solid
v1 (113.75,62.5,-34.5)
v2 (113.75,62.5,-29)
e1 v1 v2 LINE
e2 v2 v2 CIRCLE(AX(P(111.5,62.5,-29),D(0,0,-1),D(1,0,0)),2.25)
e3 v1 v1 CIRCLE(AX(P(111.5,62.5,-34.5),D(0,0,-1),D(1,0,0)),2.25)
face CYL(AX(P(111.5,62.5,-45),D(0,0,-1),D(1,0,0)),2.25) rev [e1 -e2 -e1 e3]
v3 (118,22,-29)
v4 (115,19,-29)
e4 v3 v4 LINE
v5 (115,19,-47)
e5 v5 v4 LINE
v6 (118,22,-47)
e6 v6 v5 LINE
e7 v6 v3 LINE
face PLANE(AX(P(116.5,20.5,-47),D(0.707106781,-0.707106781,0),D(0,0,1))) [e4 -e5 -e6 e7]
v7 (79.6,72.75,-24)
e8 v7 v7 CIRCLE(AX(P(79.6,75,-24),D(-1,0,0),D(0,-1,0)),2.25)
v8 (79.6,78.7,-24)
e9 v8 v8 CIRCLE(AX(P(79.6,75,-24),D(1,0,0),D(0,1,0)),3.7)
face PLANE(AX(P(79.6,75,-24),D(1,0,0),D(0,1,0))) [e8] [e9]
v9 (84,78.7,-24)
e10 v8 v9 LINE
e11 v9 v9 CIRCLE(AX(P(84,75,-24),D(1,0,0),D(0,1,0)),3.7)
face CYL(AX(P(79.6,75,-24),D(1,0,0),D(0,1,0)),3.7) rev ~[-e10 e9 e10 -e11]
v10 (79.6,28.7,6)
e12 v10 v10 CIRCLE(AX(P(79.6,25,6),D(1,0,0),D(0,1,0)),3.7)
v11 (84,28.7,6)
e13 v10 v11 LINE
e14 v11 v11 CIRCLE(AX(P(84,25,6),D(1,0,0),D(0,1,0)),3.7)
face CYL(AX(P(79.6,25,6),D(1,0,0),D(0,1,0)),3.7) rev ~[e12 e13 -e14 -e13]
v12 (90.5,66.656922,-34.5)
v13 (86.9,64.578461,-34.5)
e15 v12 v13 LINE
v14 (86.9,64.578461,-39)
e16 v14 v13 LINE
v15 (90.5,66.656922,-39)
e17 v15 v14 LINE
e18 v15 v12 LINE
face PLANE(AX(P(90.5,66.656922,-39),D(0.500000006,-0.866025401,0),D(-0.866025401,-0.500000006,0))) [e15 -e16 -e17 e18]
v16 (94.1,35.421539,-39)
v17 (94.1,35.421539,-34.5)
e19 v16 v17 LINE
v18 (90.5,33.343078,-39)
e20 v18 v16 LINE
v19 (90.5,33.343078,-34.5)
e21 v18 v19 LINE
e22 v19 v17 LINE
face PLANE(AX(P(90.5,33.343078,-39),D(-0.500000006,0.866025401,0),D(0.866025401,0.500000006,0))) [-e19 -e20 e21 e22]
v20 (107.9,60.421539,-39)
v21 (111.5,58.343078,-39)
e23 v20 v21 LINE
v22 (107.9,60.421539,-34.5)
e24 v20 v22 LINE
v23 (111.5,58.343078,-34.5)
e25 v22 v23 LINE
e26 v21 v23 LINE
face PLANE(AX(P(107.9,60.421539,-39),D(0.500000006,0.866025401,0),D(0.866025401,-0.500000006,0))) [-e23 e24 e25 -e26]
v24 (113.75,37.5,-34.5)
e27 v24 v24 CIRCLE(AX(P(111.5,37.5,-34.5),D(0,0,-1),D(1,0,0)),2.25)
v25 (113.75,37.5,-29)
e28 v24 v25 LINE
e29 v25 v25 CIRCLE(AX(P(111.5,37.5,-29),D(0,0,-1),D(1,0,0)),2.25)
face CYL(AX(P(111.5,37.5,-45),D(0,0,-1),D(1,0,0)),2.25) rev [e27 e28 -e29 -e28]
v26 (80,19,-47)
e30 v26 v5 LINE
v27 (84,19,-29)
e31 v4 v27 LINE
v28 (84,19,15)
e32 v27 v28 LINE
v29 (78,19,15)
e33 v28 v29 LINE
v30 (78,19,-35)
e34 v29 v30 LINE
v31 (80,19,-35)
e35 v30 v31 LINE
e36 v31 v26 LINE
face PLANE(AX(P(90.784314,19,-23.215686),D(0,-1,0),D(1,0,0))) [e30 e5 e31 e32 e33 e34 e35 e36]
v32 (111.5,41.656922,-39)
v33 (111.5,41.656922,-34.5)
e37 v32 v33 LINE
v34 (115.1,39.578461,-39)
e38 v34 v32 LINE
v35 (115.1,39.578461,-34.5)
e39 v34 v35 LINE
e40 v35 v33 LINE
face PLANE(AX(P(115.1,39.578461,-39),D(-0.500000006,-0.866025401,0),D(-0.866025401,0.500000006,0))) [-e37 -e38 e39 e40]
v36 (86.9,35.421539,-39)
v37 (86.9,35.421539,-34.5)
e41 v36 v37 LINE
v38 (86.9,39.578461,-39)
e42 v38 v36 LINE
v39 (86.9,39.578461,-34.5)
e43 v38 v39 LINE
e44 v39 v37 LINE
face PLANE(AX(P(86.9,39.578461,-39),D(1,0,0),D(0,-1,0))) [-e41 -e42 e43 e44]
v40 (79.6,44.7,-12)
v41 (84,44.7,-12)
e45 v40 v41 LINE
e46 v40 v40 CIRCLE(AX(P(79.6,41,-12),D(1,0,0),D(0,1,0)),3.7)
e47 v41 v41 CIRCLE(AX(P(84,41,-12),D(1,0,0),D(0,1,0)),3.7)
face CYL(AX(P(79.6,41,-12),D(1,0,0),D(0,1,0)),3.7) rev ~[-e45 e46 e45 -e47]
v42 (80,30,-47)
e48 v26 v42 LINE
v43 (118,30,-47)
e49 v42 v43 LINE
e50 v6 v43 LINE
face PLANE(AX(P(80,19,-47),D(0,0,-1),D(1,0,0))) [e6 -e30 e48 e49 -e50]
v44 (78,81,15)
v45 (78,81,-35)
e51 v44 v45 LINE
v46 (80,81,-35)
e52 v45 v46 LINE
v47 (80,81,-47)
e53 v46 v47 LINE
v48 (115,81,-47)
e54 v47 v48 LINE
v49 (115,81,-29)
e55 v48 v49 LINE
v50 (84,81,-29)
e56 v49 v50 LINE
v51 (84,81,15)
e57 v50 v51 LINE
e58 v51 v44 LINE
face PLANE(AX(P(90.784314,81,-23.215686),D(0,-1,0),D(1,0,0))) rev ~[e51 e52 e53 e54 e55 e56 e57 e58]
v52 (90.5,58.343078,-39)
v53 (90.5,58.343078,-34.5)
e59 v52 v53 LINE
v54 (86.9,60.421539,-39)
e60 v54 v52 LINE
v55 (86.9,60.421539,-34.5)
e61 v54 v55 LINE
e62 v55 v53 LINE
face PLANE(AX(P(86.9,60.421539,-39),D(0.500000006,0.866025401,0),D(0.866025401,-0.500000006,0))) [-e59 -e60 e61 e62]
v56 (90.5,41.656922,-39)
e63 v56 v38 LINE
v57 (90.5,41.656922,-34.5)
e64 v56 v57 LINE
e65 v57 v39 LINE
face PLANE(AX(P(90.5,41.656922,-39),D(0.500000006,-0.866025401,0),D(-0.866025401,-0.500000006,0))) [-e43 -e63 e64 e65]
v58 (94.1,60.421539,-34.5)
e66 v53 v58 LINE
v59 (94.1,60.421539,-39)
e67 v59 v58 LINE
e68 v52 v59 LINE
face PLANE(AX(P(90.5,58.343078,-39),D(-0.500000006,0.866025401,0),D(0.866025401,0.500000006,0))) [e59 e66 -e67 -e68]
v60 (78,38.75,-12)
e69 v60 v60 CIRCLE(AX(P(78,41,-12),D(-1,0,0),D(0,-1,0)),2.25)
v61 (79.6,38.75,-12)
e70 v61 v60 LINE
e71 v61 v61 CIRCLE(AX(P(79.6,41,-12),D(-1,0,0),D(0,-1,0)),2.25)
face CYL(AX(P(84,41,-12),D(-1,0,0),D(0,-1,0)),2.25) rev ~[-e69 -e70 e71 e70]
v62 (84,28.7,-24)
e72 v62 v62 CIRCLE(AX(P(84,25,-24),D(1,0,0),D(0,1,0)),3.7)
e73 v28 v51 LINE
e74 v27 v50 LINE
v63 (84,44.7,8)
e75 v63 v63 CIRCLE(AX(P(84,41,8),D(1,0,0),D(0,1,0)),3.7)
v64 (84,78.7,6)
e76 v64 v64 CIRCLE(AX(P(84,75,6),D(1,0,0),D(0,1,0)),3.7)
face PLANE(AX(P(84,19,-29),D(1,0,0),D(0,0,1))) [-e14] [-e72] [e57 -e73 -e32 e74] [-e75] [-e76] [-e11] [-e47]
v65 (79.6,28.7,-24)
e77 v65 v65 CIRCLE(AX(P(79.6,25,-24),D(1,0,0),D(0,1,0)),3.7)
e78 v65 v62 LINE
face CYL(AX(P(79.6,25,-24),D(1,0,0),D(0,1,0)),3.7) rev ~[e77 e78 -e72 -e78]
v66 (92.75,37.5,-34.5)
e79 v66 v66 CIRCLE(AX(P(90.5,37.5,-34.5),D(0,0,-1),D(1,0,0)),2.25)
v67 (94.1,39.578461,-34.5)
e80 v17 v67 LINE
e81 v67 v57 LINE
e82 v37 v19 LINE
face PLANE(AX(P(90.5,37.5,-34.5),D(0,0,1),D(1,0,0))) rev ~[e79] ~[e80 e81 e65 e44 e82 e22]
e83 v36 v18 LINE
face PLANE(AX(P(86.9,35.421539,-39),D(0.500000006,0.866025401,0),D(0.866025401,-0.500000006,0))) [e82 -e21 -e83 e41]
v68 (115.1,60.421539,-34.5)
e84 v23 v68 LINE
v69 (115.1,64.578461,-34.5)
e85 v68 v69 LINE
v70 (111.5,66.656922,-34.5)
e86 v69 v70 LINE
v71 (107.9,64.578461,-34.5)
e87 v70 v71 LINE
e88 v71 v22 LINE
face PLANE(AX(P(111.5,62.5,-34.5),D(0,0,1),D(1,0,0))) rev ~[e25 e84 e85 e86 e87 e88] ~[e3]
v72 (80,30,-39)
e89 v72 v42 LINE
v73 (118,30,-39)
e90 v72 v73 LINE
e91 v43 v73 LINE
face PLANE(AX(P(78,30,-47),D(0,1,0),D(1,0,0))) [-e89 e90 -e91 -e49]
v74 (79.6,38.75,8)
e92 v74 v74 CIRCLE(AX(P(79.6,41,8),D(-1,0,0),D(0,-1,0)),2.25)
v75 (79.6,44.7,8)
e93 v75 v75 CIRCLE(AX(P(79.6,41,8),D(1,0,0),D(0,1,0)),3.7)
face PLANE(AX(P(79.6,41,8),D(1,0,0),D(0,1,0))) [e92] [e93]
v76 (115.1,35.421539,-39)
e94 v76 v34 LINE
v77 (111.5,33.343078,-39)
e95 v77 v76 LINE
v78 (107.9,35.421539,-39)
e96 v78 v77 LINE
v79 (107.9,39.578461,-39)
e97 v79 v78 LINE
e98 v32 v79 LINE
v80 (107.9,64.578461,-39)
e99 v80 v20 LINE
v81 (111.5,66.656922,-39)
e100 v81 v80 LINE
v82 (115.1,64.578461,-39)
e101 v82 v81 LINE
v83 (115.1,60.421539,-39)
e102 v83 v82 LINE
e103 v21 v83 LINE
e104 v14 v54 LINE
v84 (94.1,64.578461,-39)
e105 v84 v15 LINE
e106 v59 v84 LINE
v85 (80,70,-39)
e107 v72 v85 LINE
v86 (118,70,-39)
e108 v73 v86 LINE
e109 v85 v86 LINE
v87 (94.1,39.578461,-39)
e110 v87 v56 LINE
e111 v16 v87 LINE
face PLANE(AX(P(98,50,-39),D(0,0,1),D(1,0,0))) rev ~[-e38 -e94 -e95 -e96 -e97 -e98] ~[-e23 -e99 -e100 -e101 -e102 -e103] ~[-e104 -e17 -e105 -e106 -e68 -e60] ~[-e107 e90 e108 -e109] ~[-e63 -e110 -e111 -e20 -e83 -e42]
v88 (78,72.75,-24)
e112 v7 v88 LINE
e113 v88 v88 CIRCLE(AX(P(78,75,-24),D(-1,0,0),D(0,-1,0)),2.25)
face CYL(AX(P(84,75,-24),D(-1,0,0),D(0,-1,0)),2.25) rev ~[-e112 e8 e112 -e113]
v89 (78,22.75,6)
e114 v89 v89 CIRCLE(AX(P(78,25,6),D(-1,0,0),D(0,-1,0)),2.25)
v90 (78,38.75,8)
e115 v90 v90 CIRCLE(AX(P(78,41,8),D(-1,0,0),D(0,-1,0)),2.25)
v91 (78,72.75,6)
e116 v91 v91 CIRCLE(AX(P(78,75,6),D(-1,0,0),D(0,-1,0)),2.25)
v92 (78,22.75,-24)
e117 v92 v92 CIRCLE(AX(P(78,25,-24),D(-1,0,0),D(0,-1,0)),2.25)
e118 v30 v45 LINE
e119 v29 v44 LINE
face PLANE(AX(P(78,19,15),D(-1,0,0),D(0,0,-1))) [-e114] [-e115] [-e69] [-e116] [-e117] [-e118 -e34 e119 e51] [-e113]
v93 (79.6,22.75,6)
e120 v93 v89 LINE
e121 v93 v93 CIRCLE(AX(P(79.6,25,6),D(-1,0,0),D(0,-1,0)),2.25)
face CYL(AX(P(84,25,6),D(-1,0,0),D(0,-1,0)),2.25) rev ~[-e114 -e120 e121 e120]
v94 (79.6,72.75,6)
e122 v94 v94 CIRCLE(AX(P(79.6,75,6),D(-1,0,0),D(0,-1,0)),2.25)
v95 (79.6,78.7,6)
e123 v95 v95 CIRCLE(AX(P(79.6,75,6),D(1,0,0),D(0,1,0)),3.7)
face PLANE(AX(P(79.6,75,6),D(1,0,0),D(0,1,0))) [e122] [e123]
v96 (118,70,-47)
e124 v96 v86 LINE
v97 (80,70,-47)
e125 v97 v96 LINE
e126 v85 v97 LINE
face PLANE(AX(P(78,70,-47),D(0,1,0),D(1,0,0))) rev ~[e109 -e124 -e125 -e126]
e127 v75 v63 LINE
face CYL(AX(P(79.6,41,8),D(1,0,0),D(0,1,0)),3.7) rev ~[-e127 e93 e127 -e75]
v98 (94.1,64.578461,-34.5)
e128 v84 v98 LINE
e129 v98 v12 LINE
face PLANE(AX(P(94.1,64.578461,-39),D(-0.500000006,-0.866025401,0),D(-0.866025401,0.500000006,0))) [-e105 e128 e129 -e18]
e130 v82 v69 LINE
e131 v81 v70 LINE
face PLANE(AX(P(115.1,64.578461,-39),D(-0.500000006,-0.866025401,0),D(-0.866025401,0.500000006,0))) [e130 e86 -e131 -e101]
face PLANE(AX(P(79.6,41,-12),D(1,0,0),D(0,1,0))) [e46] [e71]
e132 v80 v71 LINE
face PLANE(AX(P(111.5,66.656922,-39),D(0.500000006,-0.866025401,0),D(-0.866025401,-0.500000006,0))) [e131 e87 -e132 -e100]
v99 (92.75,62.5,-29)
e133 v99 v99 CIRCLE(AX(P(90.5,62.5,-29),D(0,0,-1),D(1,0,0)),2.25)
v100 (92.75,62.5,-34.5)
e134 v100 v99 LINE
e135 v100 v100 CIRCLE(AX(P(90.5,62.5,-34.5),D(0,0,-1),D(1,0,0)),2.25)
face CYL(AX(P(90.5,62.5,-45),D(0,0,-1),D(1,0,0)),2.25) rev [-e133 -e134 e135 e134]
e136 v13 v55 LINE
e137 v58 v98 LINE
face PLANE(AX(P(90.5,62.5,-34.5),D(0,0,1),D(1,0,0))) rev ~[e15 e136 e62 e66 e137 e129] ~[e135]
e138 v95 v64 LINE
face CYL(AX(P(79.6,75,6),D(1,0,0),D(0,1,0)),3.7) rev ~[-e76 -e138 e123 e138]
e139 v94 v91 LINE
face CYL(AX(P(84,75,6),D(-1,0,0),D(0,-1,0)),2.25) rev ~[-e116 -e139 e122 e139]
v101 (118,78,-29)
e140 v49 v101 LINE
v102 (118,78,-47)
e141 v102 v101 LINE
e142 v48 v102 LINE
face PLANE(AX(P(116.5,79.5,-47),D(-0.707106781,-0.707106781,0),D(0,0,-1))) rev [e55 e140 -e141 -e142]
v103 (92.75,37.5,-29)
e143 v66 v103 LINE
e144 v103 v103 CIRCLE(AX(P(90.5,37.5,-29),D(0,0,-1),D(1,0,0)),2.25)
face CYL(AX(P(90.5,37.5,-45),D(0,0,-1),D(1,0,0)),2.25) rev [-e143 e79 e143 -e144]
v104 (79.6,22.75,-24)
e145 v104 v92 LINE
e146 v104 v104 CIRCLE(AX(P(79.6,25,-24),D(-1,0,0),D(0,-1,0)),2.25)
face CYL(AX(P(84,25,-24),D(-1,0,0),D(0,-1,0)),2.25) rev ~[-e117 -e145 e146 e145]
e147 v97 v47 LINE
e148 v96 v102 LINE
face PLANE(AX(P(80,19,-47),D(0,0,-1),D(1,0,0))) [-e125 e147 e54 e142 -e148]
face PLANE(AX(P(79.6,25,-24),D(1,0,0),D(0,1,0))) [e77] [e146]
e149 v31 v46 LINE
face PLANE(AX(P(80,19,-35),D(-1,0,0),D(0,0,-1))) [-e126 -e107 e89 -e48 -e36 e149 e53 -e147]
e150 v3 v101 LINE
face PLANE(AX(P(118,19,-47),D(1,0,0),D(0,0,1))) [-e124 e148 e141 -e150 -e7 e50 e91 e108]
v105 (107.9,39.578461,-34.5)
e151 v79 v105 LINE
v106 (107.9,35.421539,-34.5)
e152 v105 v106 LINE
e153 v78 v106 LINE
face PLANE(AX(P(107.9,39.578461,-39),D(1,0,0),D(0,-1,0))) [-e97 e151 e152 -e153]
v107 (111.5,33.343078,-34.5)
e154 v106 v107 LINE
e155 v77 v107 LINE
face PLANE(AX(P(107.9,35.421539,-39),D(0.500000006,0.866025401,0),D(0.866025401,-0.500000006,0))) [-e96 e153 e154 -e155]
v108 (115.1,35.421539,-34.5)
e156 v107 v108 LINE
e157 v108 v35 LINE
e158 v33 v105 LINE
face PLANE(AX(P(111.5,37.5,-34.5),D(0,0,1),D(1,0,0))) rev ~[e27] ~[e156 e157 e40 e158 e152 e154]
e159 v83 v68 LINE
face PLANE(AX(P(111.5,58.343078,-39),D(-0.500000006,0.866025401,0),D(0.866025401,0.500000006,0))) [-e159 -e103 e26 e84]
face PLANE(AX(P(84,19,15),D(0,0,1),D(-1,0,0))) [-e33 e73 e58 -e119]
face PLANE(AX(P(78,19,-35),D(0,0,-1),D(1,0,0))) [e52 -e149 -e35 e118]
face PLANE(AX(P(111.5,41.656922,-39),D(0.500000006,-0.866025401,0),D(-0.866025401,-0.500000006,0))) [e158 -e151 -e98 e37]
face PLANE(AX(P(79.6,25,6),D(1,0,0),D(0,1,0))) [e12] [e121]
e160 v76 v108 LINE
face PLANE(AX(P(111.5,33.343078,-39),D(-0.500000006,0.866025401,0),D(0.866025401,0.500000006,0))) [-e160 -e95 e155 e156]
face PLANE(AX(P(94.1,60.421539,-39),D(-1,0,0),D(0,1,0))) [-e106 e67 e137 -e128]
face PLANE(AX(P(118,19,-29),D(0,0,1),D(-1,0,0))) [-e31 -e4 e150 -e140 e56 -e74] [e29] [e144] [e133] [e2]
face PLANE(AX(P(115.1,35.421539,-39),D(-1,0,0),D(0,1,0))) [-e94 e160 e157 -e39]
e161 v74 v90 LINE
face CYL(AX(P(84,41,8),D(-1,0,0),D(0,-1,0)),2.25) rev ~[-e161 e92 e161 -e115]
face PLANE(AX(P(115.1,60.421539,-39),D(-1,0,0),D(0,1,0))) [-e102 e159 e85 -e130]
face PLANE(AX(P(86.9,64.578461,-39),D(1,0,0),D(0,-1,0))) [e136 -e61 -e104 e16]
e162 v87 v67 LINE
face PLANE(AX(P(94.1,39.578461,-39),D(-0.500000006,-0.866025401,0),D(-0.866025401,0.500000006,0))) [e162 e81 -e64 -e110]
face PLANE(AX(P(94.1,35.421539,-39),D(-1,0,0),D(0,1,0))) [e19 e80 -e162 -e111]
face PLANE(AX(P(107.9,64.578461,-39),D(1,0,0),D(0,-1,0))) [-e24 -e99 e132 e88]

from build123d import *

# Parameters (mm, degrees)
PAD_DEPTH        = 62
HOLE_D           = 4.5
HOLE_DEPTH       = 25
HOLE_CBORE_D     = 7.4
HOLE_CBORE_DEPTH = 4.4
SKETCH069_R      = 2.25
HOLE006_DEPTH    = 60.001
POCKET022_DEPTH  = 4.5
SKETCH071_W      = 40
SKETCH071_H      = 40
POCKET023_DEPTH  = 8
CHAMFER_SIZE     = 3
CHAMFER018_SIZE  = 3


with BuildPart() as part:
    # Sketch → Pad (new body)
    with BuildSketch(Plane.XZ.offset(-19)):
        Polygon((76, 15), (76, -35), (78, -35), (78, -47), (116, -47), (116, -29), (82, -29), (82, 15), align=None)
    extrude(amount=-PAD_DEPTH)

    # Hole
    with Locations(Plane.YZ.offset(82)):
        with Locations((25, -24), (25, 6), (41, 8), (41, -12), (75, 6), (75, -24)):
            CounterBoreHole(HOLE_D / 2, HOLE_CBORE_D / 2, HOLE_CBORE_DEPTH, depth=HOLE_DEPTH)

    # Sketch069 → Hole006 (cut, through all)
    with BuildSketch(Plane.XY.offset(-45)):
        with Locations((88.5, 62.5)):
            Circle(SKETCH069_R)
        with Locations((109.5, 37.5)):
            Circle(SKETCH069_R)
        with Locations((109.5, 62.5)):
            Circle(SKETCH069_R)
        with Locations((88.5, 37.5)):
            Circle(SKETCH069_R)
    extrude(amount=HOLE006_DEPTH, mode=Mode.SUBTRACT)

    # Sketch070 → Pocket022 (cut)
    with BuildSketch(Plane.XY.offset(-39)):
        Polygon((92.1, 64.578461), (88.5, 66.656922), (84.9, 64.578461), (84.9, 60.421539), (88.5, 58.343078), (92.1, 60.421539), align=None)
        Polygon((113.1, 64.578461), (109.5, 66.656922), (105.9, 64.578461), (105.9, 60.421539), (109.5, 58.343078), (113.1, 60.421539), align=None)
        Polygon((113.1, 39.578461), (109.5, 41.656922), (105.9, 39.578461), (105.9, 35.421539), (109.5, 33.343078), (113.1, 35.421539), align=None)
        Polygon((92.1, 39.578461), (88.5, 41.656922), (84.9, 39.578461), (84.9, 35.421539), (88.5, 33.343078), (92.1, 35.421539), align=None)
    extrude(amount=POCKET022_DEPTH, mode=Mode.SUBTRACT)

    # Sketch071 → Pocket023 (cut)
    with BuildSketch(Plane.XY.offset(-47)):
        with Locations((96, 50)):
            Rectangle(SKETCH071_W, SKETCH071_H)
    extrude(amount=POCKET023_DEPTH, mode=Mode.SUBTRACT)

    # Chamfer
    chamfer_edges = [part.edges().sort_by_distance(p)[0] for p in [
        (116, 81, -38),
    ]]
    chamfer(chamfer_edges, length=CHAMFER_SIZE)

    # Chamfer018
    chamfer018_edges = [part.edges().sort_by_distance(p)[0] for p in [
        (116, 19, -38),
    ]]
    chamfer(chamfer018_edges, length=CHAMFER018_SIZE)


with BuildPart() as part_1:
    # Body placement: moved
    add(part.part.moved(Location((2, 0, 0))))


solid = part_1.part
